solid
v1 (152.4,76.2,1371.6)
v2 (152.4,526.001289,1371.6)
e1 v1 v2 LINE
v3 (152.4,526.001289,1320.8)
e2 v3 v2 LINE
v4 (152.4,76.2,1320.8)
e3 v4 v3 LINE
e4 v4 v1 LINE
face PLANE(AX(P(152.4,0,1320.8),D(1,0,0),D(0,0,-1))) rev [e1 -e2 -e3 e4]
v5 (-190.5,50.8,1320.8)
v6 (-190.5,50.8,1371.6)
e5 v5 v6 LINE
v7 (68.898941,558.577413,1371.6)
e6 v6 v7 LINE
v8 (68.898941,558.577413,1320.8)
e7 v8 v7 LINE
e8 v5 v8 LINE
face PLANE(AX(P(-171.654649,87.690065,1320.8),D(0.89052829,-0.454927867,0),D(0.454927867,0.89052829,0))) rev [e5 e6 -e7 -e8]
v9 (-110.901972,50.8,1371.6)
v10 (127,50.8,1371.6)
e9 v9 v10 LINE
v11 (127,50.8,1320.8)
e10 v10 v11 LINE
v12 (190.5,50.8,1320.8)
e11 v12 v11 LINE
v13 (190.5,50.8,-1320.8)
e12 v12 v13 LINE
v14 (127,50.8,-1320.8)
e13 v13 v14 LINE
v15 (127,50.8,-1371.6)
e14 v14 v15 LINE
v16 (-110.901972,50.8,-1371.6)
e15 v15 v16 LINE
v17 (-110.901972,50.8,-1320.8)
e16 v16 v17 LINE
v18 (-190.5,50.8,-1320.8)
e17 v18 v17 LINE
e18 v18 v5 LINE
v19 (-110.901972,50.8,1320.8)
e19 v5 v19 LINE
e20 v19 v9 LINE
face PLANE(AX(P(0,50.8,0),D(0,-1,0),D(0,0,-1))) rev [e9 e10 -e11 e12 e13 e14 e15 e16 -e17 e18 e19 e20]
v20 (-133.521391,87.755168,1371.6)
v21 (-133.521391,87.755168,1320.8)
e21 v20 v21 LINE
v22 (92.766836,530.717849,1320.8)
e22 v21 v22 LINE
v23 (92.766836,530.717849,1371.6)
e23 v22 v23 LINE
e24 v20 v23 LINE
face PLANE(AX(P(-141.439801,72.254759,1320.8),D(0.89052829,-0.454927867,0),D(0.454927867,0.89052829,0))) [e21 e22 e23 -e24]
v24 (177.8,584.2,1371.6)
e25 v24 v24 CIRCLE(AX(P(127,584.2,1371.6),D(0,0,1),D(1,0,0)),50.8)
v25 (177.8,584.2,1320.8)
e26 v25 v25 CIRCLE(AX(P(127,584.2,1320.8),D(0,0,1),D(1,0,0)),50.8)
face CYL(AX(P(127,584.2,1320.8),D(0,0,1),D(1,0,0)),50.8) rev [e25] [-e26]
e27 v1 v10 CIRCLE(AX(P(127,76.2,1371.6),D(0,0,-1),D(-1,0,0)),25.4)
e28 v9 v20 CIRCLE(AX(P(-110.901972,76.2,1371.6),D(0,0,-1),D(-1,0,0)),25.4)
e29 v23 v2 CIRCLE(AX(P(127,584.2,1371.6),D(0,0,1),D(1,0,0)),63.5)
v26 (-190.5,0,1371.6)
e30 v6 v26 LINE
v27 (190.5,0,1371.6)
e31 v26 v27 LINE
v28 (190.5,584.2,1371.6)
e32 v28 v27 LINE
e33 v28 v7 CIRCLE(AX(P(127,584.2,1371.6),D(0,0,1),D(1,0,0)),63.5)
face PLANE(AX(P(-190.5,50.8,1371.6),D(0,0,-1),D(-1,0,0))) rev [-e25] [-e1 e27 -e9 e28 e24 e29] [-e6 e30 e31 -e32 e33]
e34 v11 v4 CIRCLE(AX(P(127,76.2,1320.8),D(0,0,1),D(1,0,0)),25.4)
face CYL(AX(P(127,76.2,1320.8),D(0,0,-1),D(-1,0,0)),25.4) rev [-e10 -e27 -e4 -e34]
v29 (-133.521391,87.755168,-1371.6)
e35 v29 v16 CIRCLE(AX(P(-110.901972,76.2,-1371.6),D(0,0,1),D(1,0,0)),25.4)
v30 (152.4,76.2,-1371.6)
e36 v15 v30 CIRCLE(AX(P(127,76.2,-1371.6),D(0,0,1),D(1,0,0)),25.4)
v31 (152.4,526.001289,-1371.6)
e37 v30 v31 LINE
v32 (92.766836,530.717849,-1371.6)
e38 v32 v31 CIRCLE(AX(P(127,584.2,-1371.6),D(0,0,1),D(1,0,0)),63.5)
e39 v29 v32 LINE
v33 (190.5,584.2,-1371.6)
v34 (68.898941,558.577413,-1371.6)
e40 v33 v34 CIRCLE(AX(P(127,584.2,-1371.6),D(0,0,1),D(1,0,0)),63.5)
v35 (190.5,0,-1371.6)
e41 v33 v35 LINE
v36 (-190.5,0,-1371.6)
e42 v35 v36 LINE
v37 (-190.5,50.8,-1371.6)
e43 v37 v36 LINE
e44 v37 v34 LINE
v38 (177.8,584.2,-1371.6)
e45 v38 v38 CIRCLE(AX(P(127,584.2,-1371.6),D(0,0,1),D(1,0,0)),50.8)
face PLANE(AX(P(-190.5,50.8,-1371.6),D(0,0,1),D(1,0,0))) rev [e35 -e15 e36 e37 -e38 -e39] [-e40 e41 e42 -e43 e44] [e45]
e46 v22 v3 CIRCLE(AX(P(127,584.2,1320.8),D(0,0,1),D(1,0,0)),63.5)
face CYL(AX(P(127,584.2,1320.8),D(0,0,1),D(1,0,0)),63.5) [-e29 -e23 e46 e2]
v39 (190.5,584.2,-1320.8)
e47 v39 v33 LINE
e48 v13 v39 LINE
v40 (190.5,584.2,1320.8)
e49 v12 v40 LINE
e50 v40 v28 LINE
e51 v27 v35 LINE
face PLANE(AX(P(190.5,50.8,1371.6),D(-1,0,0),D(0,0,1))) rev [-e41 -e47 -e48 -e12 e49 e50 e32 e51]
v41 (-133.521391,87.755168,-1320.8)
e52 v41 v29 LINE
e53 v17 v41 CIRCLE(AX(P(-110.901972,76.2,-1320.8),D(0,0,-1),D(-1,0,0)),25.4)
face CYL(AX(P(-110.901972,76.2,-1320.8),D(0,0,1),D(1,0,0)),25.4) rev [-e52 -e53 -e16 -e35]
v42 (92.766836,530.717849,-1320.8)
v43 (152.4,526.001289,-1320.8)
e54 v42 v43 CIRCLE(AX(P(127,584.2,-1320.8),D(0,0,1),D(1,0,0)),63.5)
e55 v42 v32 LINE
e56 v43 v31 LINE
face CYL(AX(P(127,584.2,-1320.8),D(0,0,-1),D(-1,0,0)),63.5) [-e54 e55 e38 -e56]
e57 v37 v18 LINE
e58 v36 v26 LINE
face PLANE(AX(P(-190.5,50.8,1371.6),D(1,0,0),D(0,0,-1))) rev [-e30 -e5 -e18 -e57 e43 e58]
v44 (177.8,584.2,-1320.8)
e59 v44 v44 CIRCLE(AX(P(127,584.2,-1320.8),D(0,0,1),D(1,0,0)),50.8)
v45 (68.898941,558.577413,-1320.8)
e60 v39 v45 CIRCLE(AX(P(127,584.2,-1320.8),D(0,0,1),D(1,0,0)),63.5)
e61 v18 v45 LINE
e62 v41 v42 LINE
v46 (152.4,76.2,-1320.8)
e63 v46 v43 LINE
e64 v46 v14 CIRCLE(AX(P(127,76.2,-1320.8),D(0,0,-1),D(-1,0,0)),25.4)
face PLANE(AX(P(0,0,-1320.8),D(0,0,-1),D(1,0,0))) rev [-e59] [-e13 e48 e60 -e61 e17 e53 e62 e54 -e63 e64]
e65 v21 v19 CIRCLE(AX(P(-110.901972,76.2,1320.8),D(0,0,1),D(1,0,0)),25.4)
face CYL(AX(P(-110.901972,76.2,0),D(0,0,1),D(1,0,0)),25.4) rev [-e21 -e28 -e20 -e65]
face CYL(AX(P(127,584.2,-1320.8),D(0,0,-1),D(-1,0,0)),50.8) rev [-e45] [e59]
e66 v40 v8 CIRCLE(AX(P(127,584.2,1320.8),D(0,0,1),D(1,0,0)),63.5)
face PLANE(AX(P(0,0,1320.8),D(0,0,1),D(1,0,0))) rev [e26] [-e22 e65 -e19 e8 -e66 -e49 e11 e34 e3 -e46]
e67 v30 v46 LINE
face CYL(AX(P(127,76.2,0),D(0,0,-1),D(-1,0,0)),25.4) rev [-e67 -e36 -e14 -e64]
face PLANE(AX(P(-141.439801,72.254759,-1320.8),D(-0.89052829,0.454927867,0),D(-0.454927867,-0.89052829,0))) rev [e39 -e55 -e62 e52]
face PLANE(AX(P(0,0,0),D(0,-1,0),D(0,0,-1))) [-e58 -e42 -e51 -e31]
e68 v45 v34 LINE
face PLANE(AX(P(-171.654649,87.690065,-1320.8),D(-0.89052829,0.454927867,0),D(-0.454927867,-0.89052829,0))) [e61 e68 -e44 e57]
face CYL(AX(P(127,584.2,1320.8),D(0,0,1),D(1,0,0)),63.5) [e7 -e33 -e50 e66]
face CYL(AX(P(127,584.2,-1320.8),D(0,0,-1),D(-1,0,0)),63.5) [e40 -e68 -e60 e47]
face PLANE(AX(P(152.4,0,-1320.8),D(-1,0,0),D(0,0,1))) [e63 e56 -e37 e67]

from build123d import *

# Parameters (mm, degrees)
SKETCH1_W           = 381
SKETCH1_H           = 2743.2
BOSS_EXTRUDE1_DEPTH = 50.8
SKETCH2_R           = 63.5
SKETCH2_R_2         = 50.8
BOSS_EXTRUDE2_DEPTH = 50.8
FILLET1_R           = 25.4


with BuildPart() as part:
    # Sketch1 → Boss-Extrude1 (new body)
    with BuildSketch(Plane(origin=(0, 0, 0), x_dir=(1, 0, 0), z_dir=(0, 1, 0))):
        Rectangle(SKETCH1_W, SKETCH1_H)
    extrude(amount=BOSS_EXTRUDE1_DEPTH)

    # Sketch2 → Boss-Extrude2 (add)
    # profile 1 of 3: a face of its own
    with BuildSketch(Plane.XY.offset(1371.6)):
        with BuildLine():
            ThreePointArc((92.766835976, 530.71784895), (78.777173297, 542.88645519), (68.898941042, 558.577413324))
            Line((68.898941042, 558.577413324), (-190.5, 50.8))
            Line((-190.5, 50.8), (-152.4, 50.8))
            Line((-152.4, 50.8), (92.766835976, 530.71784895))
        make_face()
    # profile 2 of 3: a face of its own
    with BuildSketch(Plane.XY.offset(1371.6)):
        with BuildLine():
            Line((152.4, 50.8), (190.5, 50.8))
            Line((190.5, 50.8), (190.5, 584.2))
            ThreePointArc((190.5, 584.2), (180.127911685, 549.419617598), (152.4, 526.001288674))
            Line((152.4, 526.001288674), (152.4, 50.8))
        make_face()
    # profile 3 of 3: a face of its own
    with BuildSketch(Plane.XY.offset(1371.6)):
        with Locations((127, 584.2)):
            Circle(SKETCH2_R)
        with Locations((127, 584.2)):
            Circle(SKETCH2_R_2, mode=Mode.SUBTRACT)
    boss_extrude2 = extrude(amount=-BOSS_EXTRUDE2_DEPTH)

    # Mirror1: Boss-Extrude2 across plane
    add(boss_extrude2.mirror(Plane.XY))

    # Fillet1
    fillet1_edges = [part.edges().sort_by_distance(p)[0] for p in [
        (-152.4, 50.8, 1346.2),
        (152.4, 50.8, 1346.2),
        (-152.4, 50.8, -1346.2),
        (152.4, 50.8, -1346.2),
    ]]
    fillet(fillet1_edges, radius=FILLET1_R)


solid = part.part
